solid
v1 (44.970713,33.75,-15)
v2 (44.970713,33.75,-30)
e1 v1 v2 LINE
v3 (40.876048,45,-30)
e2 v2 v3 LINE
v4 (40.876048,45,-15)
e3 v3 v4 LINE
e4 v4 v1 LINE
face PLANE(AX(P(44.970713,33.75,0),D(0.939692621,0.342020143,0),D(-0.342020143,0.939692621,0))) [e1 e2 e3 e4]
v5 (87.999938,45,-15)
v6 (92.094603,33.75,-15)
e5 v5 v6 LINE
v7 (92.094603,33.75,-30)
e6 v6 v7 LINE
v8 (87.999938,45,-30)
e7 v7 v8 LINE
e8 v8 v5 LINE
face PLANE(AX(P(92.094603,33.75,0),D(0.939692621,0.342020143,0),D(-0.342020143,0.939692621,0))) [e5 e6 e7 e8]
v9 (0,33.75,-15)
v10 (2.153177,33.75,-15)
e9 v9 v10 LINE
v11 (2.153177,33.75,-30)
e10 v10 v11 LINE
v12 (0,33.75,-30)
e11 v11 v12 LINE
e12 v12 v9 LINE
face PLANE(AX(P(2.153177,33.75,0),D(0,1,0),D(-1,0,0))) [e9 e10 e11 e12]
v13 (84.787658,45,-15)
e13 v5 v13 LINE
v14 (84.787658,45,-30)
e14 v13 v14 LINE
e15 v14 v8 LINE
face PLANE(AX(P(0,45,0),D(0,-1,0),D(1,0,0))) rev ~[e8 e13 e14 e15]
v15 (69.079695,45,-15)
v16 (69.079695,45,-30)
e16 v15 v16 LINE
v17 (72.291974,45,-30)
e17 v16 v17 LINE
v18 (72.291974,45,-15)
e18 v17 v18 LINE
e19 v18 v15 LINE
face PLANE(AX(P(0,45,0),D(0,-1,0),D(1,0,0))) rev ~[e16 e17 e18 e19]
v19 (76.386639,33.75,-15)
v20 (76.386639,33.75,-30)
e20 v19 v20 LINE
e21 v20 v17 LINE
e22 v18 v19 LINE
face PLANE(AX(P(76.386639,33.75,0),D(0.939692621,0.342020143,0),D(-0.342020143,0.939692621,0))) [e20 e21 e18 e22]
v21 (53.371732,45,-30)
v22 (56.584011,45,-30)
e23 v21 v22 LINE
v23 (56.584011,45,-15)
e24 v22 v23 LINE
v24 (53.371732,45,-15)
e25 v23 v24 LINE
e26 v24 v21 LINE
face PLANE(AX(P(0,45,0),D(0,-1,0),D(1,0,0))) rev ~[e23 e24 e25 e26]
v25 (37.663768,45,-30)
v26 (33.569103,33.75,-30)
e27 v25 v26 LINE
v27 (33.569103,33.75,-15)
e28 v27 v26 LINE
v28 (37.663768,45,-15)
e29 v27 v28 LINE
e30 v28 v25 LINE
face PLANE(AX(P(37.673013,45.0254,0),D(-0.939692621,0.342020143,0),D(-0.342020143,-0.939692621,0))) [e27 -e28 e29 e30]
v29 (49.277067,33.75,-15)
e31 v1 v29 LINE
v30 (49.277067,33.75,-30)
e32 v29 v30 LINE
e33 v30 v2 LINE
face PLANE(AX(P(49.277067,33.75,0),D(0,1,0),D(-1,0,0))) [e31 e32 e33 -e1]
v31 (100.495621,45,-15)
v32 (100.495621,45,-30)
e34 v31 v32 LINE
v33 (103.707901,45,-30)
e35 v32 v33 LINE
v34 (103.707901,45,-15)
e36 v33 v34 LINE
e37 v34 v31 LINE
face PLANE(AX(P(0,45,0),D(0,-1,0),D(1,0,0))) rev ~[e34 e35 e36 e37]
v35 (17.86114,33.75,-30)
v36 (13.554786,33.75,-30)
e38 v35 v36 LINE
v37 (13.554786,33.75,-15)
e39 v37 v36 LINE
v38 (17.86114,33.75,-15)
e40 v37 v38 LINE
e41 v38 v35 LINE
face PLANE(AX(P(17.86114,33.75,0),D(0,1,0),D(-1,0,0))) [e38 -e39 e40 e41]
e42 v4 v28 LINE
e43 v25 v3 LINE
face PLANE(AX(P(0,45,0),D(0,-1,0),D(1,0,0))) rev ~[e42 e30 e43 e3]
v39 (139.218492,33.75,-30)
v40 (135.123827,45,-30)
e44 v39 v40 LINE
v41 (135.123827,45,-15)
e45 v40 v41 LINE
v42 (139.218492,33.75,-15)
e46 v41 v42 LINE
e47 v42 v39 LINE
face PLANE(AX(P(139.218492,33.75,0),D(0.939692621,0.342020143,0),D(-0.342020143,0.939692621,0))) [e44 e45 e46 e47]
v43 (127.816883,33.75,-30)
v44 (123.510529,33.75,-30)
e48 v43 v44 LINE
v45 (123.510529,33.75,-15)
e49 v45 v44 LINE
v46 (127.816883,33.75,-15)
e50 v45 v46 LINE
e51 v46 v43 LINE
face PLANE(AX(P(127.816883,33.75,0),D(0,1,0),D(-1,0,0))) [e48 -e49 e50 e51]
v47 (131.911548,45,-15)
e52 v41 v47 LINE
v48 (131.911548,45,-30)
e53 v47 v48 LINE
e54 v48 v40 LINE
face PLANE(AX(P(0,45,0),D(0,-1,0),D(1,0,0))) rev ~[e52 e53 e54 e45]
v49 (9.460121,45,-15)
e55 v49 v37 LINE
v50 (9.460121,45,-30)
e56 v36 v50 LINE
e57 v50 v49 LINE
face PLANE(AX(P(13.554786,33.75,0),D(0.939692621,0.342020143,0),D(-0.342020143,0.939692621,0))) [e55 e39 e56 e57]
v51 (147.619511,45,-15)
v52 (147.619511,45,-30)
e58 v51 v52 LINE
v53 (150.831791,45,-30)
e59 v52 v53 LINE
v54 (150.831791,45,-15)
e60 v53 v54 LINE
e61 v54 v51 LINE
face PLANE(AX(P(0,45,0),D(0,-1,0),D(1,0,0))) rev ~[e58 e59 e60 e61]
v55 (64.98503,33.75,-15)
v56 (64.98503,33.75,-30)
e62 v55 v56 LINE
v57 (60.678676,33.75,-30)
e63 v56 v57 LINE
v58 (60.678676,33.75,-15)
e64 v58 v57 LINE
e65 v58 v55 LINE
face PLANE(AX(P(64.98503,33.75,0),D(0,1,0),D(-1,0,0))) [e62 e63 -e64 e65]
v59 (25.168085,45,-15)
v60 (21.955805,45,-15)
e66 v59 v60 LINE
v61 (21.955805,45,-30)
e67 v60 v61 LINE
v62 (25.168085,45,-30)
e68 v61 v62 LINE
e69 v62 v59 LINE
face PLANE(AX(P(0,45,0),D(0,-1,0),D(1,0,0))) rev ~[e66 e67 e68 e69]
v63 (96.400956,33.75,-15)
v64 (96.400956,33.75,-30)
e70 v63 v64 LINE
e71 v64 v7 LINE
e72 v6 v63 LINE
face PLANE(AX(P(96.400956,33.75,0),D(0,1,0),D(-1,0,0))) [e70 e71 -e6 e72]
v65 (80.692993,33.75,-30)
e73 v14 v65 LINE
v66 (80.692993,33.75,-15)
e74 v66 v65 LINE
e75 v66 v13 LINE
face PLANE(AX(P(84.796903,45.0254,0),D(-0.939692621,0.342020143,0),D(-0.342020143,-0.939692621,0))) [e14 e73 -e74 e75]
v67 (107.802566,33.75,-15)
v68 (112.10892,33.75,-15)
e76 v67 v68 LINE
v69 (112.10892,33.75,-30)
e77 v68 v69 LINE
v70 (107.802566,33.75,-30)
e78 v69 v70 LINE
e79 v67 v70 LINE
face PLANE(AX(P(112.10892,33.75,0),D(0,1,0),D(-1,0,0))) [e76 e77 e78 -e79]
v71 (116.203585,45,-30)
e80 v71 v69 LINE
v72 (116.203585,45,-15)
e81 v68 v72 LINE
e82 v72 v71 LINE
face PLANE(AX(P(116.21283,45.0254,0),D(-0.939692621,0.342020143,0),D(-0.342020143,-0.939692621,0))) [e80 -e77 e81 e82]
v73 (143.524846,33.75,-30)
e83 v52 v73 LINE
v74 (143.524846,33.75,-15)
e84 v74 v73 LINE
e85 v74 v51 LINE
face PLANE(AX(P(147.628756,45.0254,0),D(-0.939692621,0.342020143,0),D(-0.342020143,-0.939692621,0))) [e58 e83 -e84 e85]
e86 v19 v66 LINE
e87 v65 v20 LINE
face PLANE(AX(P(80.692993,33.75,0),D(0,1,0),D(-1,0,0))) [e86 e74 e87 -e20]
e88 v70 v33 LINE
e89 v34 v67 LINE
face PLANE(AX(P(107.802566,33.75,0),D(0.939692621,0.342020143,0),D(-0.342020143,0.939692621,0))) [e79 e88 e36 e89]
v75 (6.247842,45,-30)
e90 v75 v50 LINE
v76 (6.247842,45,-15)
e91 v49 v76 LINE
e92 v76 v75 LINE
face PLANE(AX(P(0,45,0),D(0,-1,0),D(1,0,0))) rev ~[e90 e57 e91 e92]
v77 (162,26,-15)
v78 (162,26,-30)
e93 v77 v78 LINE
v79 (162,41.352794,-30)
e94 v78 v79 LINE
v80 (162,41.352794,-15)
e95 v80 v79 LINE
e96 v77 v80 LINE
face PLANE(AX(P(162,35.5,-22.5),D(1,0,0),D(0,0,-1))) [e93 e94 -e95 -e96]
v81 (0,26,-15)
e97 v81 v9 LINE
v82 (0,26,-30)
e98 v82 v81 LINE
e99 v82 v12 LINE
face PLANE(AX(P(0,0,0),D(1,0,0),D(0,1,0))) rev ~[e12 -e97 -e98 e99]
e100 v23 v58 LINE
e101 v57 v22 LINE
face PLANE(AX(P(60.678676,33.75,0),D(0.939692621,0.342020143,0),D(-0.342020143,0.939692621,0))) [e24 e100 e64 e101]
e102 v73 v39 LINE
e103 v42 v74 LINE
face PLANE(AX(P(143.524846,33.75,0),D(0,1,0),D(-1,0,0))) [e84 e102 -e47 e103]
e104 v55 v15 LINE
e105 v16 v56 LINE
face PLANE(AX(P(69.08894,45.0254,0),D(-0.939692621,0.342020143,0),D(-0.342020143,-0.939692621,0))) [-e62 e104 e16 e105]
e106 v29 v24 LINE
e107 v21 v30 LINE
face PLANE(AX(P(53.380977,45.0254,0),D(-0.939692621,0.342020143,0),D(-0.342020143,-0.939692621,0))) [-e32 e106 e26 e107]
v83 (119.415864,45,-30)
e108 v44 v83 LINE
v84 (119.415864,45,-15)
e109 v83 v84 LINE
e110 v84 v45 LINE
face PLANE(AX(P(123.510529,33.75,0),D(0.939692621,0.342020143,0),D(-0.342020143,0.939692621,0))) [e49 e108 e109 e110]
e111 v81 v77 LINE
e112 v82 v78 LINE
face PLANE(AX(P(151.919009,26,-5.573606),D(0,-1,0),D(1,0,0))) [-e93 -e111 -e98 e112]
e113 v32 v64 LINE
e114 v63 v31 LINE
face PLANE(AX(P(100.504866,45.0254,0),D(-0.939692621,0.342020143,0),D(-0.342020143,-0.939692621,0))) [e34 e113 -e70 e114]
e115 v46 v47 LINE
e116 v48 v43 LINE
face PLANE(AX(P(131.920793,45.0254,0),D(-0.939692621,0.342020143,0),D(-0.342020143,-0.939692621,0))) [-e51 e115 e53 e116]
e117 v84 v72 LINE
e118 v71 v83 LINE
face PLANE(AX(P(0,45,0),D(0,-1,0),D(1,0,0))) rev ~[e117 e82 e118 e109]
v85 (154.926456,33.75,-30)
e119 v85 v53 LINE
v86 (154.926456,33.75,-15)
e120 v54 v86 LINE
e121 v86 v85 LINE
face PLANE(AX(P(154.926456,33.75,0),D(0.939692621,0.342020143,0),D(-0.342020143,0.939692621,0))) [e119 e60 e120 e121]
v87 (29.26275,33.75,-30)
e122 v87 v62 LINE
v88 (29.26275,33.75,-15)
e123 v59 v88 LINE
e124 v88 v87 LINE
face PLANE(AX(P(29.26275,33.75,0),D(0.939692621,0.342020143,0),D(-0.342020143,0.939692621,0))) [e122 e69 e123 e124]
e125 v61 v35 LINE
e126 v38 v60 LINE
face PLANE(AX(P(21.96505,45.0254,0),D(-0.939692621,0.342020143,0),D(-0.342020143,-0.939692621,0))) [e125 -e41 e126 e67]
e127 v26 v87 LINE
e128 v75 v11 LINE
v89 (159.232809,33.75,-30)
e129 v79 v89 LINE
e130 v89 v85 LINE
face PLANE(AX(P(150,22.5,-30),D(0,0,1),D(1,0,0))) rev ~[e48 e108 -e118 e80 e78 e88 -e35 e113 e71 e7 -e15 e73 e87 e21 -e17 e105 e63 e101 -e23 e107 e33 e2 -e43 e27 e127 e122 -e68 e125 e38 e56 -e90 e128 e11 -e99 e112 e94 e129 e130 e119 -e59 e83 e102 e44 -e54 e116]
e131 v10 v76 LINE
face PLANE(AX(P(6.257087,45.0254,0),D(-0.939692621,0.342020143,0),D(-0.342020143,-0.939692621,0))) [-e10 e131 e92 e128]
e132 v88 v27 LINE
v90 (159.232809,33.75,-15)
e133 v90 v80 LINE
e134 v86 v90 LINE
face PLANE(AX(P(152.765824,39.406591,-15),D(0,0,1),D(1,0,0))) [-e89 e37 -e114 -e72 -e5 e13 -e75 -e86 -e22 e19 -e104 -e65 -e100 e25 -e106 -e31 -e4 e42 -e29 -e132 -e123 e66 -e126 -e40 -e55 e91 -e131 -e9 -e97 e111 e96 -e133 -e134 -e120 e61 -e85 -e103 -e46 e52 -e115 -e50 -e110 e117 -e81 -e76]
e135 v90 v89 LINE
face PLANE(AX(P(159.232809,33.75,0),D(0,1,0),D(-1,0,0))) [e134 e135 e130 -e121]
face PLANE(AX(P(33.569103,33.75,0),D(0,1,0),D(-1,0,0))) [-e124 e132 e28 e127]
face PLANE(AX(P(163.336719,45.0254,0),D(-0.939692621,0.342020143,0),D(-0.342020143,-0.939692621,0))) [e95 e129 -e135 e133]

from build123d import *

# Parameters (mm, degrees)
BLANKSKE_W         = 300
BLANKSKE_H         = 45
BLANK_DEPTH        = 30
TOOTHCUTSIM_DEPTH  = 305.836021494
TEETHCUTS_COUNT    = 20
TEETHCUTS_PITCH    = 15.70796325
SKETCH1_W          = 305.531648247
SKETCH1_H          = 78.813182986
CUT_EXTRUDE1_DEPTH = 15
SKETCH2_W          = 303.838018684
SKETCH2_H          = 48.852788509
CUT_EXTRUDE2_DEPTH = 26
SKETCH3_W          = 15
SKETCH3_H          = 19
CUT_EXTRUDE3_DEPTH = 138


with BuildPart() as part:
    # BlankSke → Blank (new body)
    with BuildSketch(Plane.XY):
        with Locations((150, 22.5)):
            Rectangle(BLANKSKE_W, BLANKSKE_H)
    extrude(amount=-BLANK_DEPTH)

    # TooCutSkeSim → ToothCutSim (cut, through all)
    with BuildSketch(Plane.XY):
        Polygon((2.153176848, 33.75), (-2.153176848, 33.75), (-6.257086828, 45.0254), (6.257086828, 45.0254), align=None)
    toothcutsim = extrude(amount=-TOOTHCUTSIM_DEPTH, mode=Mode.SUBTRACT)

    # TeethCuts: ToothCutSim ×20
    with Locations(*[(i * TEETHCUTS_PITCH, 0, 0) for i in range(1, TEETHCUTS_COUNT)]):
        add(toothcutsim, mode=Mode.SUBTRACT)

    # Sketch1 → Cut-Extrude1 (cut)
    with BuildSketch(Plane.XY):
        with Locations((152.765824124, 39.406591493)):
            Rectangle(SKETCH1_W, SKETCH1_H)
    extrude(amount=-CUT_EXTRUDE1_DEPTH, mode=Mode.SUBTRACT)

    # Sketch2 → Cut-Extrude2 (cut)
    with BuildSketch(Plane.XZ):
        with Locations((151.919009342, -5.573605746)):
            Rectangle(SKETCH2_W, SKETCH2_H)
    extrude(amount=-CUT_EXTRUDE2_DEPTH, mode=Mode.SUBTRACT)

    # Sketch3 → Cut-Extrude3 (cut)
    with BuildSketch(Plane(origin=(300, 0, 0), x_dir=(0, 0, -1), z_dir=(1, 0, 0))):
        with Locations((22.5, 35.5)):
            Rectangle(SKETCH3_W, SKETCH3_H)
    extrude(amount=-CUT_EXTRUDE3_DEPTH, mode=Mode.SUBTRACT)


solid = part.part
